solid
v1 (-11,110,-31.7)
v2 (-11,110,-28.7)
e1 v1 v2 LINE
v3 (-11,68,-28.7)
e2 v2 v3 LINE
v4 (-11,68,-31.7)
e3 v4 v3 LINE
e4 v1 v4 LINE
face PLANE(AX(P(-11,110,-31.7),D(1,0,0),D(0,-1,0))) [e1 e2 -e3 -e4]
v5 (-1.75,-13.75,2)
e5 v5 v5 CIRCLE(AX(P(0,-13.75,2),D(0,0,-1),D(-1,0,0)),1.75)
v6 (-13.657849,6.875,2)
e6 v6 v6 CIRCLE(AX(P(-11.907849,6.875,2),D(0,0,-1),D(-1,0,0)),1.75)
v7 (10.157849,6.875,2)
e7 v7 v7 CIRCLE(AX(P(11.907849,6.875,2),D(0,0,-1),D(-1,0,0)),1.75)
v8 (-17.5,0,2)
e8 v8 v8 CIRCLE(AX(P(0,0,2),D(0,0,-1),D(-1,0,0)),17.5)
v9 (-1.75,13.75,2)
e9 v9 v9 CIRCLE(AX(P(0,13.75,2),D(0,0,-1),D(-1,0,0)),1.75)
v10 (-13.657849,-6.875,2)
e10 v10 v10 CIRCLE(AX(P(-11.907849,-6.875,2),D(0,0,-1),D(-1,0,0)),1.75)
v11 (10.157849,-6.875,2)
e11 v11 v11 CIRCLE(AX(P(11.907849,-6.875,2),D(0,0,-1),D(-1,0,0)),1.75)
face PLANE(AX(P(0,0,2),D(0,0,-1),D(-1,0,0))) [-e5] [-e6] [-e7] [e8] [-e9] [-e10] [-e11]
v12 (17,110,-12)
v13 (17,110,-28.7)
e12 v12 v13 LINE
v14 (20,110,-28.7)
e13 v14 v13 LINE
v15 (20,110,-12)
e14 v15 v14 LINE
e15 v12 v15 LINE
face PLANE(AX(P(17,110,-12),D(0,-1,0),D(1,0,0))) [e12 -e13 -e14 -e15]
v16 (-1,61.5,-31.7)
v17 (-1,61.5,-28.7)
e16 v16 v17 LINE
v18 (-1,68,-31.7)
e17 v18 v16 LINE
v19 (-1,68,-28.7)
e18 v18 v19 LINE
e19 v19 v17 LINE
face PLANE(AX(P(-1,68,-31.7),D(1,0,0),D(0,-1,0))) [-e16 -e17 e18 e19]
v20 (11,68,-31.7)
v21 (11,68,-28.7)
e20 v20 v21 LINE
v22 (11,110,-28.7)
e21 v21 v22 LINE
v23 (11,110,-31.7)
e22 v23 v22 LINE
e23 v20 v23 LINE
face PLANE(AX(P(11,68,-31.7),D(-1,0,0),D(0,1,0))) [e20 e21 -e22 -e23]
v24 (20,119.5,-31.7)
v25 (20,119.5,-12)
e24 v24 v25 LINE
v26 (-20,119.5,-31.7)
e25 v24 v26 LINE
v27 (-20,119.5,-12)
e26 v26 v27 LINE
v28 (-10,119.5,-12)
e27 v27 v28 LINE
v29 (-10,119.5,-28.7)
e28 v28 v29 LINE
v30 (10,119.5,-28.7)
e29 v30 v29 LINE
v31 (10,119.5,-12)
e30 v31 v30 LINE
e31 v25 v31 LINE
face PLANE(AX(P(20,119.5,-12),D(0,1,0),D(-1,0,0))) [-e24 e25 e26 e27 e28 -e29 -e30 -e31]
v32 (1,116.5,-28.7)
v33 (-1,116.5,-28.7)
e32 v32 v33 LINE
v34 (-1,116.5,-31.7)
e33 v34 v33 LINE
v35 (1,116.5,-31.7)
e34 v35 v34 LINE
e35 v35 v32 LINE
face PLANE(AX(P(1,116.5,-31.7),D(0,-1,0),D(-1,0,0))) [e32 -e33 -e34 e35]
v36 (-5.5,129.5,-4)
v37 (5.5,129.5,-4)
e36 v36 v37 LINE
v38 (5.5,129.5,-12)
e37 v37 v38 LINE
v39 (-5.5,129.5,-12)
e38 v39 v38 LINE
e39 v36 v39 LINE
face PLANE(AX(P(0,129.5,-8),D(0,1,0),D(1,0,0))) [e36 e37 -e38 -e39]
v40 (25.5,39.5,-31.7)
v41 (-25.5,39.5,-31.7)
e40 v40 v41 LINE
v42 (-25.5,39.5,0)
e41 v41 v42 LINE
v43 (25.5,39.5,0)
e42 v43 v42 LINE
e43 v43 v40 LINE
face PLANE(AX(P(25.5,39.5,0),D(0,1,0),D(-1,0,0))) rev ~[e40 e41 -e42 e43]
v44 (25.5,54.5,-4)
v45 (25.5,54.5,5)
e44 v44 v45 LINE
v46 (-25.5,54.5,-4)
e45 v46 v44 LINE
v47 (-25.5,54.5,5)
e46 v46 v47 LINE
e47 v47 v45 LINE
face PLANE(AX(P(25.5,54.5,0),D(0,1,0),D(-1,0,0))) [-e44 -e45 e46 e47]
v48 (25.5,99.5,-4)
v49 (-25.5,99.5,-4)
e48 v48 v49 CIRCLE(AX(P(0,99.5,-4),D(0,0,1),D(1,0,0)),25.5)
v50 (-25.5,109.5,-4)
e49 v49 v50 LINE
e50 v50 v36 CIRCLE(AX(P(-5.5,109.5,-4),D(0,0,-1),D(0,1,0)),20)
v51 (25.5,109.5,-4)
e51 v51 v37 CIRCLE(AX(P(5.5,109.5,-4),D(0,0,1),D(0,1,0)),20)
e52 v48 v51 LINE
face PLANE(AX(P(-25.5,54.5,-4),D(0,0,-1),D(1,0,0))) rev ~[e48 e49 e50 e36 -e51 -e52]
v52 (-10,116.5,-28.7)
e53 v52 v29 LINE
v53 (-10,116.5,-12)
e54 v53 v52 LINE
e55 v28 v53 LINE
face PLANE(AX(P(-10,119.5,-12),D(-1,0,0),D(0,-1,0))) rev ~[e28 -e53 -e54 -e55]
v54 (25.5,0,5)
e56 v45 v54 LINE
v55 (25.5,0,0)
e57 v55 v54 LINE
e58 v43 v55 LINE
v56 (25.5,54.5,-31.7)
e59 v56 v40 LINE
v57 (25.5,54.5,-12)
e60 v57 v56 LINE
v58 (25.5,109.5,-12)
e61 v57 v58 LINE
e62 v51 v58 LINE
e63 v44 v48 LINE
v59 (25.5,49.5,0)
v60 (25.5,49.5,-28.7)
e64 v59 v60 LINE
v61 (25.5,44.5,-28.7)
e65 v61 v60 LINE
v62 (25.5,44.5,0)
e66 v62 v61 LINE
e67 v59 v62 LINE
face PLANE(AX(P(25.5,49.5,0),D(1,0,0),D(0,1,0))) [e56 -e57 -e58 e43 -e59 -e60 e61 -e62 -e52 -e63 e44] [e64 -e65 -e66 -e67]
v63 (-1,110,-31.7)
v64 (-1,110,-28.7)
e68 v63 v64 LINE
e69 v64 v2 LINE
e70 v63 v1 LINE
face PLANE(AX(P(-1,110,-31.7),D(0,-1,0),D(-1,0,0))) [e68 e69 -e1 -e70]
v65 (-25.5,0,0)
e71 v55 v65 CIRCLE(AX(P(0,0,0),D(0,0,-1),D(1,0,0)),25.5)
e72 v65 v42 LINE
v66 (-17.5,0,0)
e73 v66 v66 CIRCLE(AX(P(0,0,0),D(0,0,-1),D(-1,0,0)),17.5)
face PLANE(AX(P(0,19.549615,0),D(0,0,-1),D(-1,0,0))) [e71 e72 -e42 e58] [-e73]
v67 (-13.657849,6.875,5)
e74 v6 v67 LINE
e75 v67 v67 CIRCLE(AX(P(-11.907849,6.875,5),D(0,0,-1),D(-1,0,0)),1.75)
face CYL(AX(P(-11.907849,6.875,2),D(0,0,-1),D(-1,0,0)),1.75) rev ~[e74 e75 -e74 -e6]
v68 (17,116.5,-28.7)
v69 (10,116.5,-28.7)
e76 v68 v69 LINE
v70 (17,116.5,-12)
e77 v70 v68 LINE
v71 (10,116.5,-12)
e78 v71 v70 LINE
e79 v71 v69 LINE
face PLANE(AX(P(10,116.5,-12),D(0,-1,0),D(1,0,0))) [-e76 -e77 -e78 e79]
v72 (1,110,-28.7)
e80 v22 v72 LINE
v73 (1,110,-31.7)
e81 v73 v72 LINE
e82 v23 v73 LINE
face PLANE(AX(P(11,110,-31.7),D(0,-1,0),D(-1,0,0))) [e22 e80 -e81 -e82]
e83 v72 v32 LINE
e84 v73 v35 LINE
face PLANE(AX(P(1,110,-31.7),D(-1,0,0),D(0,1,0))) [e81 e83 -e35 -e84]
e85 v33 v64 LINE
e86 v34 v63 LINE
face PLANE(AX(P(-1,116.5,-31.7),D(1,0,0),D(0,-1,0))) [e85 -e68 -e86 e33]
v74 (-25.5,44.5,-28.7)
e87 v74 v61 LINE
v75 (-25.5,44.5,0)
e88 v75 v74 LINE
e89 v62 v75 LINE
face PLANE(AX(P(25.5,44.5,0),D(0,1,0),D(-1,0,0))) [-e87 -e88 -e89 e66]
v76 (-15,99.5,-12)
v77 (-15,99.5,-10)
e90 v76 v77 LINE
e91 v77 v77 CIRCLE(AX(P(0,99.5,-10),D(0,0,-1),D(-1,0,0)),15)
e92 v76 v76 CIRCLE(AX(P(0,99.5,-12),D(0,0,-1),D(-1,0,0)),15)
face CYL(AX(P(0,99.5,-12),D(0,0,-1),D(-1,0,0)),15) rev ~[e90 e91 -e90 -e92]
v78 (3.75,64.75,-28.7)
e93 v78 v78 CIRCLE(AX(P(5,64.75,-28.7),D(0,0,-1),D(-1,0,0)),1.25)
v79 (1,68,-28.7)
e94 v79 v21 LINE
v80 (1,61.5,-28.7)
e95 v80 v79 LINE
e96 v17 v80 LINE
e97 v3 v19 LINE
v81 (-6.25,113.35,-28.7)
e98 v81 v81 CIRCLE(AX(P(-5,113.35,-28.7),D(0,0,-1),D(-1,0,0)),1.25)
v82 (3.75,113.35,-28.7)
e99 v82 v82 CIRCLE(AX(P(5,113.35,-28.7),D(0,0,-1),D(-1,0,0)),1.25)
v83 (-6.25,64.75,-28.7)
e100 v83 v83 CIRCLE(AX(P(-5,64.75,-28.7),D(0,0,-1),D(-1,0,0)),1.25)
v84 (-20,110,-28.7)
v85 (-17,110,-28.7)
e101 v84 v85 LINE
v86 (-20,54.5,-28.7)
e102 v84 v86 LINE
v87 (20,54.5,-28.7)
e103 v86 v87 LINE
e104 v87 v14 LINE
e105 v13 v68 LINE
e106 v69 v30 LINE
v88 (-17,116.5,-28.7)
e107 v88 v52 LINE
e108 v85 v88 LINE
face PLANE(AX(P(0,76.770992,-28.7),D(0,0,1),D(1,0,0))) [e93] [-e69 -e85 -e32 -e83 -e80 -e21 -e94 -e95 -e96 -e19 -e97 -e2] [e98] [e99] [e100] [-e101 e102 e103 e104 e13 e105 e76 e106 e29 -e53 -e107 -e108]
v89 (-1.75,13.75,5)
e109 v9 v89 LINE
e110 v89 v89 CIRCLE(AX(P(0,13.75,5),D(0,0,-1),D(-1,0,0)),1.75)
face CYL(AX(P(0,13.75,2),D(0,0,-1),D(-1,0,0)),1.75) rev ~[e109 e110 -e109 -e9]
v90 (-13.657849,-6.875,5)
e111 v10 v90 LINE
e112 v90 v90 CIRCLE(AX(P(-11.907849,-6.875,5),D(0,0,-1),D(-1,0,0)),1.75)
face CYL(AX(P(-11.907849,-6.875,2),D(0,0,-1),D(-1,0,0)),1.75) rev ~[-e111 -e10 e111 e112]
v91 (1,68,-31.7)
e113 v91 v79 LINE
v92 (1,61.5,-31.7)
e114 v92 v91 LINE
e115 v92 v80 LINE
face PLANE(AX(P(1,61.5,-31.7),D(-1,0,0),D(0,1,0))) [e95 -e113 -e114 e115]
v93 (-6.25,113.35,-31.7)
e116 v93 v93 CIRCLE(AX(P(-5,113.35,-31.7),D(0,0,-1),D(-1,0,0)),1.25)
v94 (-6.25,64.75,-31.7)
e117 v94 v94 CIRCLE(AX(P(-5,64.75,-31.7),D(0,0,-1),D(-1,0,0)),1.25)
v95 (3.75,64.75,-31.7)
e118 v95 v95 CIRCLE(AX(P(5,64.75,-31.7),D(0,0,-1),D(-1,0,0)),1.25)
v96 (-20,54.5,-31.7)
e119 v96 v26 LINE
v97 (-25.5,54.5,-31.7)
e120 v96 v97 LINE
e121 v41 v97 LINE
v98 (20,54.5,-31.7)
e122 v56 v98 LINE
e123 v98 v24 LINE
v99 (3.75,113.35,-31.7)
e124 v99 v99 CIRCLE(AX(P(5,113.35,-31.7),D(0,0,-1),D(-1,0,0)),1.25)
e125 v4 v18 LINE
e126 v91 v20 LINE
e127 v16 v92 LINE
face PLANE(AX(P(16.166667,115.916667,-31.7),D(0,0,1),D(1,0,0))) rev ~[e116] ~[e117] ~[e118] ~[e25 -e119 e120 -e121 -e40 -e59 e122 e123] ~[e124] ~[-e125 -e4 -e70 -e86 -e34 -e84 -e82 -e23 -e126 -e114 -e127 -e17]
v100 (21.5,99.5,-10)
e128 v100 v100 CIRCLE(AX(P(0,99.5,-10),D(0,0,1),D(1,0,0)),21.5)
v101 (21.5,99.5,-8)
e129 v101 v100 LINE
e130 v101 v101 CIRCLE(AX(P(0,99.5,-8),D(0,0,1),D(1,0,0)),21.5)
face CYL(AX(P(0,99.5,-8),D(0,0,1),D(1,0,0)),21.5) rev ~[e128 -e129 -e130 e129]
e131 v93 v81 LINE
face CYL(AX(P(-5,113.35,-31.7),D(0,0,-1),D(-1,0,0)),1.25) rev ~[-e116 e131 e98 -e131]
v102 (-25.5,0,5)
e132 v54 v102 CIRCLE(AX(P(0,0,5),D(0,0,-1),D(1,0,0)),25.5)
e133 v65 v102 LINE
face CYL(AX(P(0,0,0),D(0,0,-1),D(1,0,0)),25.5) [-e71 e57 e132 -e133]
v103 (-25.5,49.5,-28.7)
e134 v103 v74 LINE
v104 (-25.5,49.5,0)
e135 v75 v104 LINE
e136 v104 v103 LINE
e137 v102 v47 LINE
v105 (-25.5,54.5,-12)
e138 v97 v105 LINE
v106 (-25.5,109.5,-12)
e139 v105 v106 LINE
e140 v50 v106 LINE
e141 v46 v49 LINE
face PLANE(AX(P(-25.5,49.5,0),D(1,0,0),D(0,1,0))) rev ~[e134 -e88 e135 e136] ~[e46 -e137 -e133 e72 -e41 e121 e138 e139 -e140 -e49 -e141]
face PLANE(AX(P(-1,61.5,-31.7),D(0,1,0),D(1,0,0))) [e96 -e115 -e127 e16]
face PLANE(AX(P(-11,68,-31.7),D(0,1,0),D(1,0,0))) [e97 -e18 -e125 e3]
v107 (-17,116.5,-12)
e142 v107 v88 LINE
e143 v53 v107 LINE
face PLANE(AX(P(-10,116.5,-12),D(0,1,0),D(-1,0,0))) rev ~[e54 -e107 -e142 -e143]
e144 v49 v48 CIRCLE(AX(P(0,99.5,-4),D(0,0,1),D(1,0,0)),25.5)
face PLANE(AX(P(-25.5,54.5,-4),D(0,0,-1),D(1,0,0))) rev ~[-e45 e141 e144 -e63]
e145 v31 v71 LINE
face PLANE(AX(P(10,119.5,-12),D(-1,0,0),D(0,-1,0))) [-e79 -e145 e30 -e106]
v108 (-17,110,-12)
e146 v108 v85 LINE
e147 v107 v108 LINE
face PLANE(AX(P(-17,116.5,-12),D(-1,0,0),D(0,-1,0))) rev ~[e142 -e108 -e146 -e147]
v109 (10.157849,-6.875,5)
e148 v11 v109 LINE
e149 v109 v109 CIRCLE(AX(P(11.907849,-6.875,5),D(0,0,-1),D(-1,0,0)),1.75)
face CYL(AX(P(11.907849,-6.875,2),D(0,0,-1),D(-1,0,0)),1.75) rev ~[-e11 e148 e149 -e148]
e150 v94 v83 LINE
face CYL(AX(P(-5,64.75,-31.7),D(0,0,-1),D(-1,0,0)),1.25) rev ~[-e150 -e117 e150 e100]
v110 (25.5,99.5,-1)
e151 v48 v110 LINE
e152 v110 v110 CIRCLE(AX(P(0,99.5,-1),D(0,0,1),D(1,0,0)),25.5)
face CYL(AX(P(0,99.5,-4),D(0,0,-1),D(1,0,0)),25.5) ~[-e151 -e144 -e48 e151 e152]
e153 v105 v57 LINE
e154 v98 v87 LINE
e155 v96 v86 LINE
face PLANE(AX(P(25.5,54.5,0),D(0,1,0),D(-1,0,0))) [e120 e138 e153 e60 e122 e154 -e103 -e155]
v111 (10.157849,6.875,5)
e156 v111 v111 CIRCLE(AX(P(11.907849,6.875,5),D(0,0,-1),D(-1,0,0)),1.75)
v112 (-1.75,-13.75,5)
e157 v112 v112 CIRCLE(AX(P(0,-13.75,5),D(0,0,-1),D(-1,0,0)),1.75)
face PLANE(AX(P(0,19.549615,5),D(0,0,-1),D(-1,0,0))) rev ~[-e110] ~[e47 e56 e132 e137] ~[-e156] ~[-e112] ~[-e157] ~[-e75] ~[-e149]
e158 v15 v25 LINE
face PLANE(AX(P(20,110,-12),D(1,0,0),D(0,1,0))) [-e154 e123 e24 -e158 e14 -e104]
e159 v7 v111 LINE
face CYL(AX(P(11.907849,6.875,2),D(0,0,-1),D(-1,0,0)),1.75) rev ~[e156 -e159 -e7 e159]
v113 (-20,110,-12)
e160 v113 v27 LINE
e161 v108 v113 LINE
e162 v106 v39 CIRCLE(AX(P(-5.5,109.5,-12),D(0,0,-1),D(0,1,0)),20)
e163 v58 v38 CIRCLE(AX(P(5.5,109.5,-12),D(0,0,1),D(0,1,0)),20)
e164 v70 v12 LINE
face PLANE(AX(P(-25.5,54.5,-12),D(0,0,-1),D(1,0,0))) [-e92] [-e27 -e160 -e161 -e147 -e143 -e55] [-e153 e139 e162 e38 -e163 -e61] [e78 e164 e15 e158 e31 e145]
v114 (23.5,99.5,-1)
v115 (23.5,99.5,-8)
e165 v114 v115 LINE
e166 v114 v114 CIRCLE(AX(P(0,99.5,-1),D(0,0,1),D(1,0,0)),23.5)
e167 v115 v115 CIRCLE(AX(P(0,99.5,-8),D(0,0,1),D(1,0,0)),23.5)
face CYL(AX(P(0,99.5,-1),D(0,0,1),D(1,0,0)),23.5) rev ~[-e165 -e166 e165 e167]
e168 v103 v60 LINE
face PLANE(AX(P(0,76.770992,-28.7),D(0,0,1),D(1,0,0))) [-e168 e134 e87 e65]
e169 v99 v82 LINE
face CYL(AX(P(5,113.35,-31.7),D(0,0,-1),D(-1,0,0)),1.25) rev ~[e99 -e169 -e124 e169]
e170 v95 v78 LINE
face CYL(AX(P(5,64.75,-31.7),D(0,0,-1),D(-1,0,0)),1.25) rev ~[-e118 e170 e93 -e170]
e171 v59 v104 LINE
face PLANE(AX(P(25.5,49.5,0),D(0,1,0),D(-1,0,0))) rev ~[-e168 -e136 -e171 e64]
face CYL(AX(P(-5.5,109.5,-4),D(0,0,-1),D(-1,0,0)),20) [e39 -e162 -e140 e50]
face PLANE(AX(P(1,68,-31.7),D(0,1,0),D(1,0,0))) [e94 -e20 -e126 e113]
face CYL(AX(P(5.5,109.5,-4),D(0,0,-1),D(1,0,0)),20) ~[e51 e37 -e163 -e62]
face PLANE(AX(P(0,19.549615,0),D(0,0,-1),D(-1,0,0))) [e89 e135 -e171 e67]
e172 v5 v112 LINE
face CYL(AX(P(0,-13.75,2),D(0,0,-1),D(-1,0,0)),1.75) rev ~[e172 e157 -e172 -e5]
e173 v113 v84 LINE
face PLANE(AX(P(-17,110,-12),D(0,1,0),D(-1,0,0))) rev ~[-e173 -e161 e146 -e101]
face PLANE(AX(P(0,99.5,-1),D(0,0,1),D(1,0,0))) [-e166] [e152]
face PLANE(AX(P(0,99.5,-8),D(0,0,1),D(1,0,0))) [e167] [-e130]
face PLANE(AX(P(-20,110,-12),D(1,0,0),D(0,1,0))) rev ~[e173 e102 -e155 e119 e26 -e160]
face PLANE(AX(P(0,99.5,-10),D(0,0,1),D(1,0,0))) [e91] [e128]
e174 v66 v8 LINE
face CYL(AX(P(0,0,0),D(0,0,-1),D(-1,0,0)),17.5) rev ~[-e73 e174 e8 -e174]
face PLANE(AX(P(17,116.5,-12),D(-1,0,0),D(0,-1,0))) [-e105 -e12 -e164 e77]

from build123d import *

# Parameters (mm, degrees)
EXTRUDE_1_DEPTH     = 5
SKETCH_2_R          = 17.5
CUT_EXTRUDE_1_DEPTH = 2
SKETCH_3_R          = 1.75
CUT_EXTRUDE_2_DEPTH = 61.245331769
SKETCH_4_W          = 51
SKETCH_4_H          = 5
EXTRUDE_2_DEPTH     = 31.7
SKETCH_12_W         = 51
SKETCH_12_H         = 8
EXTRUDE_7_DEPTH     = 75
FILLET_2_R          = 20
CUT_EXTRUDE_6_REACH = 135.449
SKETCH_13_R         = 15
SKETCH_14_R         = 25.5
EXTRUDE_8_DEPTH     = 3
SKETCH_16_R         = 23.5
CUT_EXTRUDE_7_DEPTH = 7
SKETCH_17_R         = 21.5
CUT_EXTRUDE_8_DEPTH = 2
EXTRUDE_9_DEPTH     = 19.7
EXTRUDE_10_DEPTH    = 3
CUT_EXTRUDE_9_REACH = 138.994
SKETCH_20_R         = 1.25


with BuildPart() as part:
    # 스케치1 → 보스-돌출1 (new body)
    with BuildSketch(Plane.XY):
        with BuildLine():
            Line((-25.5, 0), (-25.5, 54.5))
            Line((-25.5, 54.5), (25.5, 54.5))
            Line((25.5, 54.5), (25.5, 0))
            ThreePointArc((25.5, 0), (0, -25.5), (-25.5, 0))
        make_face()
    extrude(amount=EXTRUDE_1_DEPTH)

    # 스케치2 → 컷-돌출1 (cut)
    with BuildSketch(Plane(origin=(0, 0, 0), x_dir=(-1, 0, 0), z_dir=(0, 0, -1))):
        Circle(SKETCH_2_R)
    extrude(amount=-CUT_EXTRUDE_1_DEPTH, mode=Mode.SUBTRACT)

    # 스케치3 → 컷-돌출2 (cut, through all)
    with BuildSketch(Plane(origin=(0, 0, 2), x_dir=(-1, 0, 0), z_dir=(0, 0, -1))):
        with Locations((0, 13.75)):
            Circle(SKETCH_3_R)
        with Locations((11.907849302, 6.875)):
            Circle(SKETCH_3_R)
        with Locations((11.907849302, -6.875)):
            Circle(SKETCH_3_R)
        with Locations((0, -13.75)):
            Circle(SKETCH_3_R)
        with Locations((-11.907849302, -6.875)):
            Circle(SKETCH_3_R)
        with Locations((-11.907849302, 6.875)):
            Circle(SKETCH_3_R)
    extrude(amount=-CUT_EXTRUDE_2_DEPTH, mode=Mode.SUBTRACT)

    # 스케치4 → 보스-돌출2 (add)
    with BuildSketch(Plane(origin=(0, 0, 0), x_dir=(-1, 0, 0), z_dir=(0, 0, -1))):
        with Locations((0, 52)):
            Rectangle(SKETCH_4_W, SKETCH_4_H)
        with Locations((0, 42)):
            Rectangle(SKETCH_4_W, SKETCH_4_H)
    extrude(amount=EXTRUDE_2_DEPTH)

    # 스케치12 → 보스-돌출7 (add)
    with BuildSketch(Plane(origin=(0, 54.5, 0), x_dir=(1, 0, 0), z_dir=(0, 1, 0))):
        with Locations((0, 8)):
            Rectangle(SKETCH_12_W, SKETCH_12_H)
    extrude(amount=EXTRUDE_7_DEPTH)

    # 필렛2
    fillet_2_edges = [part.edges().sort_by_distance(p)[0] for p in [
        (-25.5, 129.5, -8),
        (25.5, 129.5, -8),
    ]]
    fillet(fillet_2_edges, radius=FILLET_2_R)

    # 스케치13 → 컷-돌출6 (cut, up to next)
    with BuildSketch(Plane(origin=(0, 0, -12), x_dir=(-1, 0, 0), z_dir=(0, 0, -1)), mode=Mode.PRIVATE) as cut_extrude_6_sk1:
        with Locations((0, 99.5)):
            Circle(SKETCH_13_R)
    cut_extrude_6_tool1 = extrude(cut_extrude_6_sk1.sketch, amount=-CUT_EXTRUDE_6_REACH, mode=Mode.PRIVATE) & part.part
    add(cut_extrude_6_tool1.solids().sort_by_distance((0, 99.5, -12))[0], mode=Mode.SUBTRACT)

    # 스케치14 → 보스-돌출8 (add)
    with BuildSketch(Plane.XY.offset(-4)):
        with Locations((0, 99.5)):
            Circle(SKETCH_14_R)
    extrude(amount=EXTRUDE_8_DEPTH)

    # 스케치16 → 컷-돌출7 (cut)
    with BuildSketch(Plane.XY.offset(-1)):
        with Locations((0, 99.5)):
            Circle(SKETCH_16_R)
    extrude(amount=-CUT_EXTRUDE_7_DEPTH, mode=Mode.SUBTRACT)

    # 스케치17 → 컷-돌출8 (cut)
    with BuildSketch(Plane.XY.offset(-8)):
        with Locations((0, 99.5)):
            Circle(SKETCH_17_R)
    extrude(amount=-CUT_EXTRUDE_8_DEPTH, mode=Mode.SUBTRACT)

    # 스케치18 → 보스-돌출9 (add)
    with BuildSketch(Plane(origin=(0, 0, -12), x_dir=(-1, 0, 0), z_dir=(0, 0, -1))):
        Polygon((-20, 119.5), (-10, 119.5), (-10, 116.5), (-17, 116.5), (-17, 110), (-20, 110), align=None)
        Polygon((20, 119.5), (10, 119.5), (10, 116.5), (17, 116.5), (17, 110), (20, 110), align=None)
    extrude(amount=EXTRUDE_9_DEPTH)

    # 스케치19 → 보스-돌출10 (add)
    with BuildSketch(Plane(origin=(0, 0, -31.7), x_dir=(-1, 0, 0), z_dir=(0, 0, -1))):
        Polygon((-20, 119.5), (20, 119.5), (20, 54.5), (25.5, 54.5), (25.5, 39.5), (-25.5, 39.5), (-25.5, 54.5), (-20, 54.5), align=None)
    extrude(amount=-EXTRUDE_10_DEPTH)

    # 스케치20 → 컷-돌출9 (cut, up to next)
    with BuildSketch(Plane(origin=(0, 0, -31.7), x_dir=(-1, 0, 0), z_dir=(0, 0, -1)), mode=Mode.PRIVATE) as cut_extrude_9_sk1:
        with Locations((-5, 113.35)):
            Circle(SKETCH_20_R)
    cut_extrude_9_tool1 = extrude(cut_extrude_9_sk1.sketch, amount=-CUT_EXTRUDE_9_REACH, mode=Mode.PRIVATE) & part.part
    # 스케치20 → 컷-돌출9 (cut, up to next)
    with BuildSketch(Plane(origin=(0, 0, -31.7), x_dir=(-1, 0, 0), z_dir=(0, 0, -1)), mode=Mode.PRIVATE) as cut_extrude_9_sk2:
        with Locations((5, 113.35)):
            Circle(SKETCH_20_R)
    cut_extrude_9_tool2 = extrude(cut_extrude_9_sk2.sketch, amount=-CUT_EXTRUDE_9_REACH, mode=Mode.PRIVATE) & part.part
    # 스케치20 → 컷-돌출9 (cut, up to next)
    with BuildSketch(Plane(origin=(0, 0, -31.7), x_dir=(-1, 0, 0), z_dir=(0, 0, -1)), mode=Mode.PRIVATE) as cut_extrude_9_sk3:
        with Locations((-5, 64.75)):
            Circle(SKETCH_20_R)
    cut_extrude_9_tool3 = extrude(cut_extrude_9_sk3.sketch, amount=-CUT_EXTRUDE_9_REACH, mode=Mode.PRIVATE) & part.part
    # 스케치20 → 컷-돌출9 (cut, up to next)
    with BuildSketch(Plane(origin=(0, 0, -31.7), x_dir=(-1, 0, 0), z_dir=(0, 0, -1)), mode=Mode.PRIVATE) as cut_extrude_9_sk4:
        with Locations((5, 64.75)):
            Circle(SKETCH_20_R)
    cut_extrude_9_tool4 = extrude(cut_extrude_9_sk4.sketch, amount=-CUT_EXTRUDE_9_REACH, mode=Mode.PRIVATE) & part.part
    # 스케치20 → 컷-돌출9 (cut, up to next)
    with BuildSketch(Plane(origin=(0, 0, -31.7), x_dir=(-1, 0, 0), z_dir=(0, 0, -1)), mode=Mode.PRIVATE) as cut_extrude_9_sk5:
        Polygon((1, 110), (11, 110), (11, 68), (1, 68), (1, 61.5), (-1, 61.5), (-1, 68), (-11, 68), (-11, 110), (-1, 110), (-1, 116.5), (1, 116.5), align=None)
    cut_extrude_9_tool5 = extrude(cut_extrude_9_sk5.sketch, amount=-CUT_EXTRUDE_9_REACH, mode=Mode.PRIVATE) & part.part
    add(cut_extrude_9_tool1.solids().sort_by_distance((5, 113.35, -31.7))[0], mode=Mode.SUBTRACT)
    add(cut_extrude_9_tool2.solids().sort_by_distance((-5, 113.35, -31.7))[0], mode=Mode.SUBTRACT)
    add(cut_extrude_9_tool3.solids().sort_by_distance((5, 64.75, -31.7))[0], mode=Mode.SUBTRACT)
    add(cut_extrude_9_tool4.solids().sort_by_distance((-5, 64.75, -31.7))[0], mode=Mode.SUBTRACT)
    add(cut_extrude_9_tool5.solids().sort_by_distance((0, 89, -31.7))[0], mode=Mode.SUBTRACT)


solid = part.part
